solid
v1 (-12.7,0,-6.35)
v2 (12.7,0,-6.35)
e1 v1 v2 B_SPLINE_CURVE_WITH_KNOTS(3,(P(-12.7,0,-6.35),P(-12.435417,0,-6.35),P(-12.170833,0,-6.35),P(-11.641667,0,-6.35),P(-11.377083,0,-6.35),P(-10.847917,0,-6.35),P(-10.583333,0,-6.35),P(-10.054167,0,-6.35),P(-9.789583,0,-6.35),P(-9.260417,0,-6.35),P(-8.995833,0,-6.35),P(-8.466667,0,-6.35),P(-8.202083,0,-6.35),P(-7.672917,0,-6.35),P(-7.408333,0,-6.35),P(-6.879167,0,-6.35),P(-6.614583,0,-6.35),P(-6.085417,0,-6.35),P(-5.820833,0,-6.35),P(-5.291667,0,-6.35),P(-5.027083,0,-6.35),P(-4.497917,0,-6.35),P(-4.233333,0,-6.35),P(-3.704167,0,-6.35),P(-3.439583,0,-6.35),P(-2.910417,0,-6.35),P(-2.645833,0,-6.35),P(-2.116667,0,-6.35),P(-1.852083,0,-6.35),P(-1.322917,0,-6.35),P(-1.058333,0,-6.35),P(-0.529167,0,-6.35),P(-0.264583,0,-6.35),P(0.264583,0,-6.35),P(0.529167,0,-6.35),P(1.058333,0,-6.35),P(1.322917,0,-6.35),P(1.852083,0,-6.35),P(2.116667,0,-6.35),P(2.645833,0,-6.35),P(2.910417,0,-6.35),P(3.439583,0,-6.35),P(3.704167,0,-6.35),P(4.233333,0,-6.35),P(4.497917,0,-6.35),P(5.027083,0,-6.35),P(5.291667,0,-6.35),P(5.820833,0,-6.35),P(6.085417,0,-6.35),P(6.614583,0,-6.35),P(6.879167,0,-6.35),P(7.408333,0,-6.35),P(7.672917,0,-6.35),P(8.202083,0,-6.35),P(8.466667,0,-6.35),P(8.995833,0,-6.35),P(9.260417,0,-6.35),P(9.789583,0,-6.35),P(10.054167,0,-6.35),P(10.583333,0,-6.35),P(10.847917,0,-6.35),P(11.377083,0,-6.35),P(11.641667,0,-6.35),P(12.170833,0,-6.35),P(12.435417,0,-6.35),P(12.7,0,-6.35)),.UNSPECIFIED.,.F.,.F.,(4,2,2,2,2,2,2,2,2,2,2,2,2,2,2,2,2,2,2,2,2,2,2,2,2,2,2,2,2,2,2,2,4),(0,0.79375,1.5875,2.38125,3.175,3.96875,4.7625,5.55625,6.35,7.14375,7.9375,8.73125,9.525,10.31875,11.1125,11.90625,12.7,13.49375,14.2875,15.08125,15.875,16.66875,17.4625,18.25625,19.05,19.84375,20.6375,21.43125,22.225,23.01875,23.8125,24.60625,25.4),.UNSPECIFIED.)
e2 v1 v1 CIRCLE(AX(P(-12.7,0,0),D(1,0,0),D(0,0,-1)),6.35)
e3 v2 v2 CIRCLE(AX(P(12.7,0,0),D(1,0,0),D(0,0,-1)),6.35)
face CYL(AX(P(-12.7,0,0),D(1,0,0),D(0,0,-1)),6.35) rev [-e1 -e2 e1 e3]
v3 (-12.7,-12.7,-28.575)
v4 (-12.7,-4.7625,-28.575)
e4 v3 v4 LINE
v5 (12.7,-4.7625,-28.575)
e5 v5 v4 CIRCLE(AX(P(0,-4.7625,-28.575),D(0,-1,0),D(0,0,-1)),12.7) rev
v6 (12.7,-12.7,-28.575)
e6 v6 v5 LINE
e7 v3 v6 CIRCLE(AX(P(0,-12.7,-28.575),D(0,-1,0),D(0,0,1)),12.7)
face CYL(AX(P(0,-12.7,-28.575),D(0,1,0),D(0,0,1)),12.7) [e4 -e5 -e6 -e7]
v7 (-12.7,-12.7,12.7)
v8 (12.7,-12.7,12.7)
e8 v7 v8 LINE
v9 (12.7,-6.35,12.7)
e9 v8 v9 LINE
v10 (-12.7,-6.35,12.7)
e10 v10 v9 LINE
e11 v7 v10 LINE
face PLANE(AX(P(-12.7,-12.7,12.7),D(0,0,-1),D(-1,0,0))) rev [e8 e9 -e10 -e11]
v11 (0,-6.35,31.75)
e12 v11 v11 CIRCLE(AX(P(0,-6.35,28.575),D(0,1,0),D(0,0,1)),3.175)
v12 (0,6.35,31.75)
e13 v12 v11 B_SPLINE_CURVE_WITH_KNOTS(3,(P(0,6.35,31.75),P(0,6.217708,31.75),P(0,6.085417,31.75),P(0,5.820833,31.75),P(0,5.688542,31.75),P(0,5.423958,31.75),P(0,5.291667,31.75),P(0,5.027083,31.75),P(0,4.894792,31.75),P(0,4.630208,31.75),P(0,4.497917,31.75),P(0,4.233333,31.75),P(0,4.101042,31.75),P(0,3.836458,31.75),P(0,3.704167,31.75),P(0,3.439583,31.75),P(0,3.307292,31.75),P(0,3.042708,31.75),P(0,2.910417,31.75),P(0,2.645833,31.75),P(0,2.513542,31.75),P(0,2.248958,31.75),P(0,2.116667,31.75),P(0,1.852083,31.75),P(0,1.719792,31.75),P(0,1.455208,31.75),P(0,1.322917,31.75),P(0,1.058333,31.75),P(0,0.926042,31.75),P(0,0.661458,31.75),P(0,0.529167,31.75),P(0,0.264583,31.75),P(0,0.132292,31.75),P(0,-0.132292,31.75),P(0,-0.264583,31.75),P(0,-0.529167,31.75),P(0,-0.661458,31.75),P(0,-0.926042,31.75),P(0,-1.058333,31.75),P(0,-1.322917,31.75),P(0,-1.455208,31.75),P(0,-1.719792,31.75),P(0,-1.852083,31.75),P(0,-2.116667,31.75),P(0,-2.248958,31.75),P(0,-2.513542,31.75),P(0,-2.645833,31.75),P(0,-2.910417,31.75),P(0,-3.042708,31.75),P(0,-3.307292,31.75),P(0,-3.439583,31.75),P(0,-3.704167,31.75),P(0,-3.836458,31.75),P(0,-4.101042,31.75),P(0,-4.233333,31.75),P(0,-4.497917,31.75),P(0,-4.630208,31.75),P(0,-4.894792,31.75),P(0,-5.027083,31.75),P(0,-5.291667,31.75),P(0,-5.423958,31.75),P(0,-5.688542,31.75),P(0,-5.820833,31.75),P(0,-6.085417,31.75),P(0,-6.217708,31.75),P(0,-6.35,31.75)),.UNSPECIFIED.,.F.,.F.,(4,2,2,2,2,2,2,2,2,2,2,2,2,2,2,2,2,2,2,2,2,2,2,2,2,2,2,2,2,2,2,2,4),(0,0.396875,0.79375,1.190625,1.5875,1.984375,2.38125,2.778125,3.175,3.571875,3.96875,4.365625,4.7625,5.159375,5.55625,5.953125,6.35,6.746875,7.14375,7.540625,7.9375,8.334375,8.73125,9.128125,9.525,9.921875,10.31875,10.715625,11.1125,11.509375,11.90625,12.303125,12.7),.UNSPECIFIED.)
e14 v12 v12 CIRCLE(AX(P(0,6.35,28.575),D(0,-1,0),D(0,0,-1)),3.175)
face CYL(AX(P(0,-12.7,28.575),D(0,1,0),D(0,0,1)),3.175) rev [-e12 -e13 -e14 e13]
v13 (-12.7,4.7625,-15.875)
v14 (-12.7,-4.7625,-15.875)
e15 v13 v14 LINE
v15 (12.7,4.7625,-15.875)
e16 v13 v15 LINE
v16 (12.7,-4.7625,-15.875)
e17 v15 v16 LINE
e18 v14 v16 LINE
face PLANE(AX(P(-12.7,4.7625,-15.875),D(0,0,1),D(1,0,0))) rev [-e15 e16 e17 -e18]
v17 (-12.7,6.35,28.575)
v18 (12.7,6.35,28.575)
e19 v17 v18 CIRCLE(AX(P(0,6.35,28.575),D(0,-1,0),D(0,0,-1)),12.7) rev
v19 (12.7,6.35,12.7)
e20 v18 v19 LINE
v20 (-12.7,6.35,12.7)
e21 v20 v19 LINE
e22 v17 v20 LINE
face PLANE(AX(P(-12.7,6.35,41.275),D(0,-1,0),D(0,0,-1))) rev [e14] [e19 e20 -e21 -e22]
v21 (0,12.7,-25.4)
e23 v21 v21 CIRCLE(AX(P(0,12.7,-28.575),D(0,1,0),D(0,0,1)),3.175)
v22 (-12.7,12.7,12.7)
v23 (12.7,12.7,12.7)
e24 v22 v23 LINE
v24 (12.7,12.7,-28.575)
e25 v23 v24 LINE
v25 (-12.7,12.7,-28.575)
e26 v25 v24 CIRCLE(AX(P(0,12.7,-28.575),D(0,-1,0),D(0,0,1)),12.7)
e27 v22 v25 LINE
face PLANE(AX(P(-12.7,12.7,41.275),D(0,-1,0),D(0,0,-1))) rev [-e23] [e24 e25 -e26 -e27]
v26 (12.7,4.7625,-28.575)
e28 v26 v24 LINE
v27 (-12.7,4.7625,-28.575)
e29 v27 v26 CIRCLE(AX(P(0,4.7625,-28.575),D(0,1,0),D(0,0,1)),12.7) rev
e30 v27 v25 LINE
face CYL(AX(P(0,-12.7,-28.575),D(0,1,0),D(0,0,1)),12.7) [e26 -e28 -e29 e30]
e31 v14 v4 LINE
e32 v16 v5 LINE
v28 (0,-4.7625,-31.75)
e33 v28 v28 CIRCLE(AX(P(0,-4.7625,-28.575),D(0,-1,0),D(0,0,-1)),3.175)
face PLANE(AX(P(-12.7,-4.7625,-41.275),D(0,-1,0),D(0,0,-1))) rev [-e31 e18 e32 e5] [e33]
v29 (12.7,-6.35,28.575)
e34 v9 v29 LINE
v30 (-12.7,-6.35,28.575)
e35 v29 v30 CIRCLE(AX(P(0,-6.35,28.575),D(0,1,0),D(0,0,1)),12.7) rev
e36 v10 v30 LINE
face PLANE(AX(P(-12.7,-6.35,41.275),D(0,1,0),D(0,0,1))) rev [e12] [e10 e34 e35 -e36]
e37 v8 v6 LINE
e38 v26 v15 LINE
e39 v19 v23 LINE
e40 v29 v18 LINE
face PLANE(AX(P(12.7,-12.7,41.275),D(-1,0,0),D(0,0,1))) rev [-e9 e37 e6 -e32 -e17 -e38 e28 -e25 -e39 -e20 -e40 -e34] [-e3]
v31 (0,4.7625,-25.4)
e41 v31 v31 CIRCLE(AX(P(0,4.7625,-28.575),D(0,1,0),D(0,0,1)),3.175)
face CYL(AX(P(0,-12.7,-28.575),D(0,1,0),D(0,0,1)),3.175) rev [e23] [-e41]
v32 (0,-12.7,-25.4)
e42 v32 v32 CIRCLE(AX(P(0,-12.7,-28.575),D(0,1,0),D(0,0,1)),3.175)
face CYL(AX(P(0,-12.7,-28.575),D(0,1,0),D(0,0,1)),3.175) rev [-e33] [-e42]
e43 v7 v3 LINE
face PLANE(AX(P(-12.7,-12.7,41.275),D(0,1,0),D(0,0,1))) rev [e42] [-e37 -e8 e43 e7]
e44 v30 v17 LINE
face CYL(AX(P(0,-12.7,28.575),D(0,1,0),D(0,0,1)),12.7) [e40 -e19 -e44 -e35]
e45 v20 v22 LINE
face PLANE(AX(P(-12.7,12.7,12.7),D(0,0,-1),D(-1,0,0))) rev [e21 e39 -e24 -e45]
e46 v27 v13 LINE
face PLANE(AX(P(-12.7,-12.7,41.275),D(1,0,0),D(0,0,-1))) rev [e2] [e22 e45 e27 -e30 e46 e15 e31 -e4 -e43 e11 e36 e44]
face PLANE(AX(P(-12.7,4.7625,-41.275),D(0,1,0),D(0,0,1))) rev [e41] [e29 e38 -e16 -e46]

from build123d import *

# Parameters (mm, degrees)
SKETCH2_W           = 25.4
SKETCH2_H           = 25.4
BOSS_EXTRUDE1_DEPTH = 41.275
SKETCH3_R           = 6.35
SKETCH3_W           = 28.575
SKETCH3_H           = 6.35
SKETCH3_W_2         = 25.4
SKETCH3_H_2         = 9.525
CUT_EXTRUDE1_DEPTH  = 51.100654936
SKETCH4_R           = 3.175
CUT_EXTRUDE2_DEPTH  = 51.100654936


with BuildPart() as part:
    # Sketch2 → Boss-Extrude1 (new, symmetric)
    with BuildSketch(Plane.XY):
        Rectangle(SKETCH2_W, SKETCH2_H)
    extrude(amount=BOSS_EXTRUDE1_DEPTH, both=True)

    # Sketch3 → Cut-Extrude1 (cut, through all)
    with BuildSketch(Plane(origin=(12.7, 0, 0), x_dir=(0, 0, -1), z_dir=(1, 0, 0))):
        Circle(SKETCH3_R)
        with Locations((-26.9875, 9.525)):
            Rectangle(SKETCH3_W, SKETCH3_H)
        with Locations((-26.9875, -9.525)):
            Rectangle(SKETCH3_W, SKETCH3_H)
        with Locations((28.575, 0)):
            Rectangle(SKETCH3_W_2, SKETCH3_H_2)
    extrude(amount=-CUT_EXTRUDE1_DEPTH, mode=Mode.SUBTRACT)

    # Sketch4 → Cut-Extrude2 (cut, through all)
    with BuildSketch(Plane(origin=(0, 12.7, 0), x_dir=(1, 0, 0), z_dir=(0, 1, 0))):
        with Locations(Location((0, 28.575, 0), (0, 0, 270))):
            Circle(SKETCH4_R)
        with Locations(Location((0, -28.575, 0), (0, 0, 270))):
            Circle(SKETCH4_R)
        with BuildLine():
            Line((-12.7, 28.575), (-12.7, 47.625))
            Line((-12.7, 47.625), (12.7, 47.625))
            Line((12.7, 47.625), (12.7, 28.575))
            ThreePointArc((12.7, 28.575), (0, 41.275), (-12.7, 28.575))
        make_face()
        with BuildLine():
            Line((-12.7, -28.575), (-12.7, -47.625))
            Line((-12.7, -47.625), (12.7, -47.625))
            Line((12.7, -47.625), (12.7, -28.575))
            ThreePointArc((12.7, -28.575), (0, -41.275), (-12.7, -28.575))
        make_face()
    extrude(amount=-CUT_EXTRUDE2_DEPTH, mode=Mode.SUBTRACT)


solid = part.part
